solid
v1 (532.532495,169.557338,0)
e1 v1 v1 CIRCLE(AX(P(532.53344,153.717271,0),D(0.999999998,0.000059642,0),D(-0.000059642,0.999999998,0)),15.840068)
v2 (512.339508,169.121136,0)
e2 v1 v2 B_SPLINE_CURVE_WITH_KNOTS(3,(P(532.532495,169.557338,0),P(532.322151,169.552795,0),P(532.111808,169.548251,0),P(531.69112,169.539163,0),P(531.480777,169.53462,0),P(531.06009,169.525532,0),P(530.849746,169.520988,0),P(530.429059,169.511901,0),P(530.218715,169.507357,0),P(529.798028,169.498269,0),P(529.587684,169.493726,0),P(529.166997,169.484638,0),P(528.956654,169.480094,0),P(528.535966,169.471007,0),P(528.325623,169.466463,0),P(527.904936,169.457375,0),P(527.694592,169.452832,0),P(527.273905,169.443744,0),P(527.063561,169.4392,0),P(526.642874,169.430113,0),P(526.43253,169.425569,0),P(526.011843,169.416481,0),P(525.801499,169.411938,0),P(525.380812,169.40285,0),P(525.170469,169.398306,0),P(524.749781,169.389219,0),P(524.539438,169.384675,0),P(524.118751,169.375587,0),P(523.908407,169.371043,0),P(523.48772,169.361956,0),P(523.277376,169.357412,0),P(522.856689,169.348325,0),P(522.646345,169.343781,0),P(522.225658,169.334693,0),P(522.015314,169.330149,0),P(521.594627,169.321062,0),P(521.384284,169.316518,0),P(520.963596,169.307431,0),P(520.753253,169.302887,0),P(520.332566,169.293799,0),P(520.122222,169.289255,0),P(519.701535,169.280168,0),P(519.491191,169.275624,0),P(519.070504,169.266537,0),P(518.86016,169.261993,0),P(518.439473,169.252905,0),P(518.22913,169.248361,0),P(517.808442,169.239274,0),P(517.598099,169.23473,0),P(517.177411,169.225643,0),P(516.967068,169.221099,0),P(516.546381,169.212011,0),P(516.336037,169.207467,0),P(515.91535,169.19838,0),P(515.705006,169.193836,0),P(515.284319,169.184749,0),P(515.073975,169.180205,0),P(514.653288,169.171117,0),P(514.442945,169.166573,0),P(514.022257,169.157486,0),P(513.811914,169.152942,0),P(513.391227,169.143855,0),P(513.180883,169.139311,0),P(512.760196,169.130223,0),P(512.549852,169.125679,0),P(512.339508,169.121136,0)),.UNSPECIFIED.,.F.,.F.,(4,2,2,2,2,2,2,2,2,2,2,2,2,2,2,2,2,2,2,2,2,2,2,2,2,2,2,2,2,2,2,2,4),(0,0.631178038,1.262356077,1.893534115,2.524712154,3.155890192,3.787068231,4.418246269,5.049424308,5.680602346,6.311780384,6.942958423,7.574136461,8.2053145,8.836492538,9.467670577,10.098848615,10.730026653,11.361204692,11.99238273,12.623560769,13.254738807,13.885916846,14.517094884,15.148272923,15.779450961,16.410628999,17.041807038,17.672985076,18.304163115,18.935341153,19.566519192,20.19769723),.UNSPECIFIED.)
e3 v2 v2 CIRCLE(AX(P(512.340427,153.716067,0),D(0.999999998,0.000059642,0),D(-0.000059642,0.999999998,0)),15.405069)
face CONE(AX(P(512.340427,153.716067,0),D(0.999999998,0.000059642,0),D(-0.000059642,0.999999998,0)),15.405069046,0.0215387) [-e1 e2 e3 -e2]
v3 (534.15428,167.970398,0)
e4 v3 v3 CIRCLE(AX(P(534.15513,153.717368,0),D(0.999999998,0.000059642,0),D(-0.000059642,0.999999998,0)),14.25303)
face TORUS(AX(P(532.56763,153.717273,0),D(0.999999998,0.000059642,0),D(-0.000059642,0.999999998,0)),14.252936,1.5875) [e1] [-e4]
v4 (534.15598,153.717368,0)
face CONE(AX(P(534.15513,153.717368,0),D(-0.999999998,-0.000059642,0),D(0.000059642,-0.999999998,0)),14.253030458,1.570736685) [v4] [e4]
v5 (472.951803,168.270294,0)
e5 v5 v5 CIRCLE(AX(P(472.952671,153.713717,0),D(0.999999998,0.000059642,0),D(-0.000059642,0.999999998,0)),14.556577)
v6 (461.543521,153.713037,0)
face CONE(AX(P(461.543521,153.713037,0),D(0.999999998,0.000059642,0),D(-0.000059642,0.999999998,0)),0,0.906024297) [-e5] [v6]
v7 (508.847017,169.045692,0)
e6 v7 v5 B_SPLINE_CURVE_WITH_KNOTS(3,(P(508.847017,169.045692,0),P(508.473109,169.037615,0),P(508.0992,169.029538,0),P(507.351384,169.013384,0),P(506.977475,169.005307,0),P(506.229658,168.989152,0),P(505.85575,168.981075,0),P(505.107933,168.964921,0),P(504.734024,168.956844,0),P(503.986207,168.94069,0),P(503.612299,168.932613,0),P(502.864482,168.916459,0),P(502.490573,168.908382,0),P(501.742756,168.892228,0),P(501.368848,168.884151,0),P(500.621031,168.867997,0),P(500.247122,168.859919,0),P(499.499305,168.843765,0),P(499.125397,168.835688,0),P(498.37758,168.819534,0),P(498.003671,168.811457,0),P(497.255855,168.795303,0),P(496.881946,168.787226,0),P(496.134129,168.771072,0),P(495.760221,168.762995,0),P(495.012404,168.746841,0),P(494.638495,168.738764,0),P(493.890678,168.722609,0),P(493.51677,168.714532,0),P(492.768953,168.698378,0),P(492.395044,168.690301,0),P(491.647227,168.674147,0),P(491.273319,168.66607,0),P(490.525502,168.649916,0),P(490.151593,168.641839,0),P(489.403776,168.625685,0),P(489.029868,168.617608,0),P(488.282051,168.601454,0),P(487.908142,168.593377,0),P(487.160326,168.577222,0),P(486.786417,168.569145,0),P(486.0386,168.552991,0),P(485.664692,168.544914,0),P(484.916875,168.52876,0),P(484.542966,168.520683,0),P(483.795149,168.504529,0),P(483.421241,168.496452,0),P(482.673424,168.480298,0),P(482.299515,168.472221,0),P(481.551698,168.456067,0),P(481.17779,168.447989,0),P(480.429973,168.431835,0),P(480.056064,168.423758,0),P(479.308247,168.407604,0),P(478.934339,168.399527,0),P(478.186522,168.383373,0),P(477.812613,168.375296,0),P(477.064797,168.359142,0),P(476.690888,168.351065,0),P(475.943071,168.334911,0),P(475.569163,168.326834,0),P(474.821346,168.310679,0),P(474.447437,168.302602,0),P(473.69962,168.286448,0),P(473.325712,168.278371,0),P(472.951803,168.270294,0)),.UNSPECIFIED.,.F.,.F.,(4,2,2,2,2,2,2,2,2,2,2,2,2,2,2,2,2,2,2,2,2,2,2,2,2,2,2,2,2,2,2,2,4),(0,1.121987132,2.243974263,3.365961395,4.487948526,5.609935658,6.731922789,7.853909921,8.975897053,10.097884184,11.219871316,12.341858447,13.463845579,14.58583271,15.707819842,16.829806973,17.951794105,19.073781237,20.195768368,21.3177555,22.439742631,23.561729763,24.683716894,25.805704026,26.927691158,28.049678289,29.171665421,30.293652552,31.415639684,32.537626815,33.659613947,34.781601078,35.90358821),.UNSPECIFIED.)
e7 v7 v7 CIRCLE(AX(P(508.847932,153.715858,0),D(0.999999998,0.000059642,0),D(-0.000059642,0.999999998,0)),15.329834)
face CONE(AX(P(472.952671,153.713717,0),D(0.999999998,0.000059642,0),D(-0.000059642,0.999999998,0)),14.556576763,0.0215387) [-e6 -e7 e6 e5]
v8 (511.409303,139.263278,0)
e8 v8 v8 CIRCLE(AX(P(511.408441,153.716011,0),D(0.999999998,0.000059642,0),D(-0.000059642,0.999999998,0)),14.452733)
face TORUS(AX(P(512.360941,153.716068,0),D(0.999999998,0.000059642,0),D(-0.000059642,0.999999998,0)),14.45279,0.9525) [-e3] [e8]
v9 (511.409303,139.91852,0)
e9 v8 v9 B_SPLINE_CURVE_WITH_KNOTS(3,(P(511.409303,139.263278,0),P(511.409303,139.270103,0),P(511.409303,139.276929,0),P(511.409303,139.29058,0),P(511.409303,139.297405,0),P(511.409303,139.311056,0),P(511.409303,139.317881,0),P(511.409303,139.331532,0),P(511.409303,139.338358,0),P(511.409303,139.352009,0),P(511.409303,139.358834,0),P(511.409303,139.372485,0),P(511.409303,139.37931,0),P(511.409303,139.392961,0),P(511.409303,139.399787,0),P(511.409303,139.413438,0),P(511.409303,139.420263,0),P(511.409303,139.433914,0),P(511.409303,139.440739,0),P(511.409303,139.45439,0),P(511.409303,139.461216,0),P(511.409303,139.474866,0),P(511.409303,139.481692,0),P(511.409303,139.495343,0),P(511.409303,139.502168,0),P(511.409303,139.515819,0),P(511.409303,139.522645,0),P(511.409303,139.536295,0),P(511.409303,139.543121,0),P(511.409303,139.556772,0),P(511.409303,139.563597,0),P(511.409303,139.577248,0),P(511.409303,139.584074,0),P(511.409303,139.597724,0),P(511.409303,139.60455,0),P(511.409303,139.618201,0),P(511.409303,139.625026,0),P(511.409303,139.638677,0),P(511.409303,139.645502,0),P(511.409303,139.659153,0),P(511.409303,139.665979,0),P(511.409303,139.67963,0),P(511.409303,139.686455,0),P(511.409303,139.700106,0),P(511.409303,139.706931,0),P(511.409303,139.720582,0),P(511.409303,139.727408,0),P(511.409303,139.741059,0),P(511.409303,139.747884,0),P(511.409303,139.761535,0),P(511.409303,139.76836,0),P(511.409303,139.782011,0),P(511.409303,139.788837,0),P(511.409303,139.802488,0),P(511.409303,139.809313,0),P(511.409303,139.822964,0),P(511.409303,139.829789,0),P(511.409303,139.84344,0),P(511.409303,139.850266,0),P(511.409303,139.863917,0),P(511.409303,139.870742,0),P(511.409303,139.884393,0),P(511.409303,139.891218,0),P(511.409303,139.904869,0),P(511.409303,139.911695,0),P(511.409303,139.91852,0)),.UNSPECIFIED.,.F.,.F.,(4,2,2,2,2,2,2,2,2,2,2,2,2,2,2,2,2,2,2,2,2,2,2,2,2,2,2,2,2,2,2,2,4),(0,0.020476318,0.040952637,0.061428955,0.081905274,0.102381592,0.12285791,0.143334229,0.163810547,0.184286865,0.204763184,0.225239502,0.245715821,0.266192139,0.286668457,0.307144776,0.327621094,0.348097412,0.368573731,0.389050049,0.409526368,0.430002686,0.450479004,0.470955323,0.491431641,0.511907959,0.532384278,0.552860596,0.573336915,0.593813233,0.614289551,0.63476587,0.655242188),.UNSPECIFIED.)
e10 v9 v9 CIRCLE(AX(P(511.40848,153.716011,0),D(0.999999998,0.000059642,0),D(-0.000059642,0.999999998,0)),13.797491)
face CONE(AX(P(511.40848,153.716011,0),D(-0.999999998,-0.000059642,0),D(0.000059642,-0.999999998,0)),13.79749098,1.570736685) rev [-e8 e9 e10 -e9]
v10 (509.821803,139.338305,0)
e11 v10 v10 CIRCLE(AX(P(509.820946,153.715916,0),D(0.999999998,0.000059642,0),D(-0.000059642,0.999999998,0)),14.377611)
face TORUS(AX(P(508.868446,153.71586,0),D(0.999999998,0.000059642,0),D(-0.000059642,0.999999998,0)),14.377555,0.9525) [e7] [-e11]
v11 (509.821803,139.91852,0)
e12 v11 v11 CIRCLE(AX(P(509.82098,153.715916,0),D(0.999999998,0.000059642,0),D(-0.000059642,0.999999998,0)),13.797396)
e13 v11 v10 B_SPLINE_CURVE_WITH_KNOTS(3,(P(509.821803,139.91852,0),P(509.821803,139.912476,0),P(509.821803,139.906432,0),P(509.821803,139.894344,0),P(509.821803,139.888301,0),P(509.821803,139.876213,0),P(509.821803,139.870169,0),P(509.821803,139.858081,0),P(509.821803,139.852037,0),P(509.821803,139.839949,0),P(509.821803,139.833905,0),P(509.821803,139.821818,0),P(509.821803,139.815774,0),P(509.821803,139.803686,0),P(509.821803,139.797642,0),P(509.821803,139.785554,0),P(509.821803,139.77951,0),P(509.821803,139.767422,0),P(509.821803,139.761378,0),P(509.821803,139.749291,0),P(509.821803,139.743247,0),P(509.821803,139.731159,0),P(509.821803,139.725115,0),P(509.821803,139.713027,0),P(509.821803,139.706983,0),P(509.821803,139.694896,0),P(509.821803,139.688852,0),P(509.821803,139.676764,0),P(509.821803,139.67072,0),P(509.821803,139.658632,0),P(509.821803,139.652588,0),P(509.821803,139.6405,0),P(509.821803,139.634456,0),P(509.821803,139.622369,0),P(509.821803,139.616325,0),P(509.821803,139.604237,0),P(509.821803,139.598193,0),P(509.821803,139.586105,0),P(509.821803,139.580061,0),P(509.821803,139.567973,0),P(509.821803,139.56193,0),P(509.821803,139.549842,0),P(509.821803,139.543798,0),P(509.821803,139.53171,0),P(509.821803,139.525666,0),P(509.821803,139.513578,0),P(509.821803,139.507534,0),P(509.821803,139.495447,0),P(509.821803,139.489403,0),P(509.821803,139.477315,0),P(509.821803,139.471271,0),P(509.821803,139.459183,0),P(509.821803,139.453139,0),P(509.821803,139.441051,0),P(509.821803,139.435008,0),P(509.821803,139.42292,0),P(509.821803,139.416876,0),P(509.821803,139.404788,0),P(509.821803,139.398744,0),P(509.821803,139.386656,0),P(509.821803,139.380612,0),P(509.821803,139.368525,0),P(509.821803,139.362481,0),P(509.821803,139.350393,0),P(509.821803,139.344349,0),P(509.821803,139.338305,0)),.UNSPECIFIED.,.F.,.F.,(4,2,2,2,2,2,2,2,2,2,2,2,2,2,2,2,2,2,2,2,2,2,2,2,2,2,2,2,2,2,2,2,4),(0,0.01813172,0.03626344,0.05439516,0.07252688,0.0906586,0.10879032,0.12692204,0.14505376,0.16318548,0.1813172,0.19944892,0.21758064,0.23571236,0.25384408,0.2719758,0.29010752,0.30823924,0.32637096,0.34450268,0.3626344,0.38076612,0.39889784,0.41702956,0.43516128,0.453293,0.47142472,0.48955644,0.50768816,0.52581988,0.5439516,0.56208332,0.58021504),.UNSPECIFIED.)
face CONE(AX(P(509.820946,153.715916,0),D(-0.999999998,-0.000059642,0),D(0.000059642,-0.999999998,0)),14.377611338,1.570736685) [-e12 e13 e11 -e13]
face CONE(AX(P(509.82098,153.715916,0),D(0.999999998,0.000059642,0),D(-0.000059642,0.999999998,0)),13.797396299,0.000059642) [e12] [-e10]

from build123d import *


with BuildPart() as part:
    # Sketch1 → Revolve1 (revolve)
    with BuildSketch(Plane.XY, mode=Mode.PRIVATE) as revolve1_sk:
        with BuildLine():
            Line((534.155979739, 153.717367707), (461.543520528, 153.713036963))
            Line((461.543520528, 153.713036963), (472.95353958, 139.157140689))
            Line((472.95353958, 139.157140689), (508.84884605, 138.386024717))
            ThreePointArc((508.84884605, 138.386024717), (509.535550508, 138.657591499), (509.82180328, 139.338305007))
            Line((509.82180328, 139.338305007), (509.82180328, 139.918520047))
            Line((509.82180328, 139.918520047), (511.40930328, 139.918520047))
            Line((511.40930328, 139.918520047), (511.40930328, 139.263277858))
            ThreePointArc((511.40930328, 139.263277858), (511.681089771, 138.597030629), (512.34134605, 138.310997567))
            Line((512.34134605, 138.310997567), (532.534384355, 137.877203406))
            ThreePointArc((532.534384355, 137.877203406), (533.678891786, 138.329814709), (534.155979739, 139.464337223))
            Line((534.155979739, 139.464337223), (534.155979739, 153.717367707))
        make_face()
    revolve(revolve1_sk.sketch.rotate(Axis((534.155979739, 153.717367707, 0), (-0.9999999982214233, -5.96418779812159e-05, 0)), 180), axis=Axis((534.155979739, 153.717367707, 0), (-0.9999999982214233, -5.96418779812159e-05, 0)))


solid = part.part
